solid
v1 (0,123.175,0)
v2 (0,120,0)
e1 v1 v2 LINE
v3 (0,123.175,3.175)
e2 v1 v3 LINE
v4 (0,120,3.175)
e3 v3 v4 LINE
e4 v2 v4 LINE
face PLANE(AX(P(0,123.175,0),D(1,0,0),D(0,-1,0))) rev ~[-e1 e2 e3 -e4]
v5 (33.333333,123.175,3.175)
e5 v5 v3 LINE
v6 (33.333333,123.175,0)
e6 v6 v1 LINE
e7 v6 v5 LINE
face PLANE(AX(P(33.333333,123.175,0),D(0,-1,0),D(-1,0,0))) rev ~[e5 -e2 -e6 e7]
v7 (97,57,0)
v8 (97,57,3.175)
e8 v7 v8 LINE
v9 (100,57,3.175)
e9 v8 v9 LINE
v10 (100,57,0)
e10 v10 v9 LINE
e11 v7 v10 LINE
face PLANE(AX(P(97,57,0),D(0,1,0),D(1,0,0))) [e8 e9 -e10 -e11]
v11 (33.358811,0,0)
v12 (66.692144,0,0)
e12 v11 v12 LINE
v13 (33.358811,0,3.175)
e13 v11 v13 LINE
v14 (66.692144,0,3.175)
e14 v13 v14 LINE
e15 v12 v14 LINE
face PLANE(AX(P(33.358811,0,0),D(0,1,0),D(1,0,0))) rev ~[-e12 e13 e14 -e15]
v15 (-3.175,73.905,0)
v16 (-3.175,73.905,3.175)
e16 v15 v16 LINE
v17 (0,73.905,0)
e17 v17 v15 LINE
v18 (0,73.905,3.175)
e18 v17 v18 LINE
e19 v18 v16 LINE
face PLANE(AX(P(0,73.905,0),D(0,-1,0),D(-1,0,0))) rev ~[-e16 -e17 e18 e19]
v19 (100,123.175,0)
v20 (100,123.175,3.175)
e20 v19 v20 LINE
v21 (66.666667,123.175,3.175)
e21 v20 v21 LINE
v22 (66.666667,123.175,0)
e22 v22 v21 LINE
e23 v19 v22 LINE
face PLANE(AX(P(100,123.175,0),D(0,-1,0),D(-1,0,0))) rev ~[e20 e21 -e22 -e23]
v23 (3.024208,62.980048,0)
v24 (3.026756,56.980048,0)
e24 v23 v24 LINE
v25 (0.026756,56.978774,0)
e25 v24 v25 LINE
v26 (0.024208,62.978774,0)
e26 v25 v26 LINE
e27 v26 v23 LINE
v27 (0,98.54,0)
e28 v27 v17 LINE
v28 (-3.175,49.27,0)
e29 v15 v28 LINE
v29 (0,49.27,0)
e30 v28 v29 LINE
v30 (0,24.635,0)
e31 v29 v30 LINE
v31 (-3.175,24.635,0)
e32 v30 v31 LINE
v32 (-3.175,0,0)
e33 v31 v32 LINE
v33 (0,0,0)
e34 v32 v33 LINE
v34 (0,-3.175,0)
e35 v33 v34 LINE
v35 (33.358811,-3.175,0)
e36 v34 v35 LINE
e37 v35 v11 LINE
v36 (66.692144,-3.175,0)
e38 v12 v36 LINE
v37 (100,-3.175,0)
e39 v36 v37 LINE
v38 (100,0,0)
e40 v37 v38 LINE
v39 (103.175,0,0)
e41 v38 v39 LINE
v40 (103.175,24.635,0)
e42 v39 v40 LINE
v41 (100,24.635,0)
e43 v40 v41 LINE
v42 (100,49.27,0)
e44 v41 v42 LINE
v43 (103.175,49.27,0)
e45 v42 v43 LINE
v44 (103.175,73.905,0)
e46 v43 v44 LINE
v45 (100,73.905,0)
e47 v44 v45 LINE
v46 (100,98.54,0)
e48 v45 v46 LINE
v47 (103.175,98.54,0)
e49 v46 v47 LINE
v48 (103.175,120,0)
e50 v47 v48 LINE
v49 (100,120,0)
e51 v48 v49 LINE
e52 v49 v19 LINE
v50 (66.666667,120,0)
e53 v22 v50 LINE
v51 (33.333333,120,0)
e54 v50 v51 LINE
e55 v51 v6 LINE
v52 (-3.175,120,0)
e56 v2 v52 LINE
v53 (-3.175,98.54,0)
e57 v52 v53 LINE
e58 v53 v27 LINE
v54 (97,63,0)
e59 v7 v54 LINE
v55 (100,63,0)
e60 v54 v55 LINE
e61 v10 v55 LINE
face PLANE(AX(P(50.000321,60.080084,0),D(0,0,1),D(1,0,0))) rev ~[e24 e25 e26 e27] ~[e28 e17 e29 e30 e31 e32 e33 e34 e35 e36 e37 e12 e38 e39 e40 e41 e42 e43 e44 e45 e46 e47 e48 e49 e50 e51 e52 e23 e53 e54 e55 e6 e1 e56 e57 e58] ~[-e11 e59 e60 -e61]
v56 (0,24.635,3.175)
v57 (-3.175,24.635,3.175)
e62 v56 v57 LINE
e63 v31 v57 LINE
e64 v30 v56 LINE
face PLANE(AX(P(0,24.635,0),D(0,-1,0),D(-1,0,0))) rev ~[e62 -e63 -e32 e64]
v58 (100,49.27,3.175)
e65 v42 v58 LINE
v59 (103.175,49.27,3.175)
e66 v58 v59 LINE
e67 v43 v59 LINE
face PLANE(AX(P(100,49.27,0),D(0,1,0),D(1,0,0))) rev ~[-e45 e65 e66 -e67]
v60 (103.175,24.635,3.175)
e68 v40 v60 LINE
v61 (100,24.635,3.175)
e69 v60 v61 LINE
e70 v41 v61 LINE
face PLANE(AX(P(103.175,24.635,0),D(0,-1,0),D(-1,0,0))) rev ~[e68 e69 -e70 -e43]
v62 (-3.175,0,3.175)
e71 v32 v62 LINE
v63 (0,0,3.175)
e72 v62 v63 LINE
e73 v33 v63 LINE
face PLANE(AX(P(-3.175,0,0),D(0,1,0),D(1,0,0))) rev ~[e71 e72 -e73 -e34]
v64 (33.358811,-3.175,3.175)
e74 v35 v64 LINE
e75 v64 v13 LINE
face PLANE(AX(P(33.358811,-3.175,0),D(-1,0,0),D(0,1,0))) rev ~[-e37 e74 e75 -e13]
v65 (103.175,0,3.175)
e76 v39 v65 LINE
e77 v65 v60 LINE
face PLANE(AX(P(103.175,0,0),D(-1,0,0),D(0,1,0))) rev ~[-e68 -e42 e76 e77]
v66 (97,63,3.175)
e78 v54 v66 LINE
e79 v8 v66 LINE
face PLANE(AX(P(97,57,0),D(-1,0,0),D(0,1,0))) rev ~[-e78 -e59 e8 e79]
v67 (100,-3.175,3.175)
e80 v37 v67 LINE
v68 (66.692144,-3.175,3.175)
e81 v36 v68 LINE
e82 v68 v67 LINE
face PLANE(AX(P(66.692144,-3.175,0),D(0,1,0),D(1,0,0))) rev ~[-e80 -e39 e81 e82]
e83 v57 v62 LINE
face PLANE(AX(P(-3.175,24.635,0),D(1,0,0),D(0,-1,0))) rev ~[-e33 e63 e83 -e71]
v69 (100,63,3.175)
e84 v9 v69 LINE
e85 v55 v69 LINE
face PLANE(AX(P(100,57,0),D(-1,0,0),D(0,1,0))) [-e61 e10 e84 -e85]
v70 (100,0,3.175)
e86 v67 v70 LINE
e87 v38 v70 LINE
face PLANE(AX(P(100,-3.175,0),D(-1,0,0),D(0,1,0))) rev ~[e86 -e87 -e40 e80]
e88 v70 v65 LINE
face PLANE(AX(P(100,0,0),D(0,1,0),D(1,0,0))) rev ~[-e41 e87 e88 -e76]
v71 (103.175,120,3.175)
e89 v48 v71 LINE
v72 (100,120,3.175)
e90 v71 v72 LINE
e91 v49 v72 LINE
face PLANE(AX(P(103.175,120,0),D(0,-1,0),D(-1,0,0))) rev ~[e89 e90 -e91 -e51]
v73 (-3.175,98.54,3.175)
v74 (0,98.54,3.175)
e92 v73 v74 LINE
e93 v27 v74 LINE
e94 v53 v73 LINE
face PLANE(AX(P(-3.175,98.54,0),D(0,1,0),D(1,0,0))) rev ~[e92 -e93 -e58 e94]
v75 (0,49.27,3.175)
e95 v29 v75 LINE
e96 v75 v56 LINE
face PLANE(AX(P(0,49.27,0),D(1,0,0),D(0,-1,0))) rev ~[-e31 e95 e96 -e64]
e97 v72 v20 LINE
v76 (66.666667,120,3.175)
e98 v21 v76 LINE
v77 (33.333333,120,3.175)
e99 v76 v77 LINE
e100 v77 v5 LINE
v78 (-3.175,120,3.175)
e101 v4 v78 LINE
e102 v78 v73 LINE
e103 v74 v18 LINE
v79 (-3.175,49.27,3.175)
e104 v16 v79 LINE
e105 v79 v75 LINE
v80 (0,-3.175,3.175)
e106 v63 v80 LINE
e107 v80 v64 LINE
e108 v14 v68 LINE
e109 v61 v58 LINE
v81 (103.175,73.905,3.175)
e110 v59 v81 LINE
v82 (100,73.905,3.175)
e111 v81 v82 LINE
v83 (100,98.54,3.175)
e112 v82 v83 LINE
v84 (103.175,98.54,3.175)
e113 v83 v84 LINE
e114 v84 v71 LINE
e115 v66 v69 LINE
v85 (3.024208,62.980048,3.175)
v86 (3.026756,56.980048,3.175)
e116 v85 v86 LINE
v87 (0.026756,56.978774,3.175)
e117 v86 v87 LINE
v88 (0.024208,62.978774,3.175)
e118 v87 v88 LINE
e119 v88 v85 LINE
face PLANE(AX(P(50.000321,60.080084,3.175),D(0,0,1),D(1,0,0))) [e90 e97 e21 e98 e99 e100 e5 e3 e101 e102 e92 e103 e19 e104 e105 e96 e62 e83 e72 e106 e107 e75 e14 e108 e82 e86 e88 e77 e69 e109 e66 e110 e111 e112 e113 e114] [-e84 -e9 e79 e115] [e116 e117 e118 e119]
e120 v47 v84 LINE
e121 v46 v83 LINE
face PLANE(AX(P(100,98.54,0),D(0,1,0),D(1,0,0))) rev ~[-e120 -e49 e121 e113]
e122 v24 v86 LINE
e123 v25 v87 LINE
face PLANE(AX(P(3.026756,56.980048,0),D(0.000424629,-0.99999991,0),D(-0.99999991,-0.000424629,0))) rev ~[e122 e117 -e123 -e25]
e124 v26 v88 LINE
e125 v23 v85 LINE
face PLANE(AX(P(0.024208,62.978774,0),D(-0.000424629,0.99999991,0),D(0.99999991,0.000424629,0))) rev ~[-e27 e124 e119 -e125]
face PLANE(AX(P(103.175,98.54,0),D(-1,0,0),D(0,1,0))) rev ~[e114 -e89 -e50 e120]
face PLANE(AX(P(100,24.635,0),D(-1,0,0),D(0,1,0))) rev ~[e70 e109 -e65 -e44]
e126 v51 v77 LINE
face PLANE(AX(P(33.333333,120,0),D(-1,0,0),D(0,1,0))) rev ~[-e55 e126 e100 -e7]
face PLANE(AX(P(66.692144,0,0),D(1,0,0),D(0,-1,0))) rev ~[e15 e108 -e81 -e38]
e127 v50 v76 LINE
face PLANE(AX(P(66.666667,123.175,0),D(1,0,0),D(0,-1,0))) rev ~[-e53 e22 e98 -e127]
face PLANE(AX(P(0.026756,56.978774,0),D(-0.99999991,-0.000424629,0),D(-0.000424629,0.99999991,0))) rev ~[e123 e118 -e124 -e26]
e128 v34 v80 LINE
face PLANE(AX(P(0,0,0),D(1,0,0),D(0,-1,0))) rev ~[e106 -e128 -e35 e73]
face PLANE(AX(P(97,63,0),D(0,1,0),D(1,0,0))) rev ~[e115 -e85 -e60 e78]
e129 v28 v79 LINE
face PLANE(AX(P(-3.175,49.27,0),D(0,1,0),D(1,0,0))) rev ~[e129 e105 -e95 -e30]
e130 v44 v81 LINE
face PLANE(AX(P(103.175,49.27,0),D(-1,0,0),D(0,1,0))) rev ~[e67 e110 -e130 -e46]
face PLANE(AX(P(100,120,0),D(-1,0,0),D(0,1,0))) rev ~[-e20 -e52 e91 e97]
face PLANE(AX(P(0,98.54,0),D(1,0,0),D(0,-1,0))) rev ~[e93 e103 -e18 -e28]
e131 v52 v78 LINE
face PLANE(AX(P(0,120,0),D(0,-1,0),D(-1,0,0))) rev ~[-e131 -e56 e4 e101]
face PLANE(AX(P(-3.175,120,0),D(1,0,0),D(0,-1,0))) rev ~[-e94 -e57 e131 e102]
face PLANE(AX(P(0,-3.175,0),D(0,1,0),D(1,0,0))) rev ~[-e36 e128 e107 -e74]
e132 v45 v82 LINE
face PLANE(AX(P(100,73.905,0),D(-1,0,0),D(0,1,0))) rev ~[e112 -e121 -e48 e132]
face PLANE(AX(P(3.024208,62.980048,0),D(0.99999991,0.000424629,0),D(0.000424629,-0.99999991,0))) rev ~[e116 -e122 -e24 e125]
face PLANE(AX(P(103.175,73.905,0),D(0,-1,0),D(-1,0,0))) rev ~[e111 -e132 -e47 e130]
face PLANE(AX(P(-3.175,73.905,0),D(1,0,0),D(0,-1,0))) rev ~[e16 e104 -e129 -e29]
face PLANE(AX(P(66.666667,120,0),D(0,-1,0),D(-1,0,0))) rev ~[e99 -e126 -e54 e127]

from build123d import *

# Parameters (mm, degrees)
SKETCH1_W           = 3
SKETCH1_H           = 6
BOSS_EXTRUDE1_DEPTH = 3.175


with BuildPart() as part:
    # Sketch1 → Boss-Extrude1 (new body)
    with BuildSketch(Plane.XY):
        Polygon((0, 120), (-3.175, 120), (-3.175, 98.54), (0, 98.54), (0, 73.905), (-3.175, 73.905), (-3.175, 49.27), (0, 49.27), (0, 24.635), (-3.175, 24.635), (-3.175, 0), (0, 0), (0, -3.175), (33.358811077, -3.175), (33.358811077, 0), (66.692144411, 0), (66.692144411, -3.175), (100, -3.175), (100, 0), (103.175, 0), (103.175, 24.635), (100, 24.635), (100, 49.27), (103.175, 49.27), (103.175, 73.905), (100, 73.905), (100, 98.54), (103.175, 98.54), (103.175, 120), (100, 120), (100, 123.175), (66.666666667, 123.175), (66.666666667, 120), (33.333333333, 120), (33.333333333, 123.175), (0, 123.175), align=None)
        with Locations((98.5, 60)):
            Rectangle(SKETCH1_W, SKETCH1_H, mode=Mode.SUBTRACT)
        Polygon((3.024208093, 62.980047574), (3.026755867, 56.980048114), (0.026756138, 56.978774227), (0.024208364, 62.978773686), align=None, mode=Mode.SUBTRACT)
    extrude(amount=BOSS_EXTRUDE1_DEPTH)


solid = part.part
